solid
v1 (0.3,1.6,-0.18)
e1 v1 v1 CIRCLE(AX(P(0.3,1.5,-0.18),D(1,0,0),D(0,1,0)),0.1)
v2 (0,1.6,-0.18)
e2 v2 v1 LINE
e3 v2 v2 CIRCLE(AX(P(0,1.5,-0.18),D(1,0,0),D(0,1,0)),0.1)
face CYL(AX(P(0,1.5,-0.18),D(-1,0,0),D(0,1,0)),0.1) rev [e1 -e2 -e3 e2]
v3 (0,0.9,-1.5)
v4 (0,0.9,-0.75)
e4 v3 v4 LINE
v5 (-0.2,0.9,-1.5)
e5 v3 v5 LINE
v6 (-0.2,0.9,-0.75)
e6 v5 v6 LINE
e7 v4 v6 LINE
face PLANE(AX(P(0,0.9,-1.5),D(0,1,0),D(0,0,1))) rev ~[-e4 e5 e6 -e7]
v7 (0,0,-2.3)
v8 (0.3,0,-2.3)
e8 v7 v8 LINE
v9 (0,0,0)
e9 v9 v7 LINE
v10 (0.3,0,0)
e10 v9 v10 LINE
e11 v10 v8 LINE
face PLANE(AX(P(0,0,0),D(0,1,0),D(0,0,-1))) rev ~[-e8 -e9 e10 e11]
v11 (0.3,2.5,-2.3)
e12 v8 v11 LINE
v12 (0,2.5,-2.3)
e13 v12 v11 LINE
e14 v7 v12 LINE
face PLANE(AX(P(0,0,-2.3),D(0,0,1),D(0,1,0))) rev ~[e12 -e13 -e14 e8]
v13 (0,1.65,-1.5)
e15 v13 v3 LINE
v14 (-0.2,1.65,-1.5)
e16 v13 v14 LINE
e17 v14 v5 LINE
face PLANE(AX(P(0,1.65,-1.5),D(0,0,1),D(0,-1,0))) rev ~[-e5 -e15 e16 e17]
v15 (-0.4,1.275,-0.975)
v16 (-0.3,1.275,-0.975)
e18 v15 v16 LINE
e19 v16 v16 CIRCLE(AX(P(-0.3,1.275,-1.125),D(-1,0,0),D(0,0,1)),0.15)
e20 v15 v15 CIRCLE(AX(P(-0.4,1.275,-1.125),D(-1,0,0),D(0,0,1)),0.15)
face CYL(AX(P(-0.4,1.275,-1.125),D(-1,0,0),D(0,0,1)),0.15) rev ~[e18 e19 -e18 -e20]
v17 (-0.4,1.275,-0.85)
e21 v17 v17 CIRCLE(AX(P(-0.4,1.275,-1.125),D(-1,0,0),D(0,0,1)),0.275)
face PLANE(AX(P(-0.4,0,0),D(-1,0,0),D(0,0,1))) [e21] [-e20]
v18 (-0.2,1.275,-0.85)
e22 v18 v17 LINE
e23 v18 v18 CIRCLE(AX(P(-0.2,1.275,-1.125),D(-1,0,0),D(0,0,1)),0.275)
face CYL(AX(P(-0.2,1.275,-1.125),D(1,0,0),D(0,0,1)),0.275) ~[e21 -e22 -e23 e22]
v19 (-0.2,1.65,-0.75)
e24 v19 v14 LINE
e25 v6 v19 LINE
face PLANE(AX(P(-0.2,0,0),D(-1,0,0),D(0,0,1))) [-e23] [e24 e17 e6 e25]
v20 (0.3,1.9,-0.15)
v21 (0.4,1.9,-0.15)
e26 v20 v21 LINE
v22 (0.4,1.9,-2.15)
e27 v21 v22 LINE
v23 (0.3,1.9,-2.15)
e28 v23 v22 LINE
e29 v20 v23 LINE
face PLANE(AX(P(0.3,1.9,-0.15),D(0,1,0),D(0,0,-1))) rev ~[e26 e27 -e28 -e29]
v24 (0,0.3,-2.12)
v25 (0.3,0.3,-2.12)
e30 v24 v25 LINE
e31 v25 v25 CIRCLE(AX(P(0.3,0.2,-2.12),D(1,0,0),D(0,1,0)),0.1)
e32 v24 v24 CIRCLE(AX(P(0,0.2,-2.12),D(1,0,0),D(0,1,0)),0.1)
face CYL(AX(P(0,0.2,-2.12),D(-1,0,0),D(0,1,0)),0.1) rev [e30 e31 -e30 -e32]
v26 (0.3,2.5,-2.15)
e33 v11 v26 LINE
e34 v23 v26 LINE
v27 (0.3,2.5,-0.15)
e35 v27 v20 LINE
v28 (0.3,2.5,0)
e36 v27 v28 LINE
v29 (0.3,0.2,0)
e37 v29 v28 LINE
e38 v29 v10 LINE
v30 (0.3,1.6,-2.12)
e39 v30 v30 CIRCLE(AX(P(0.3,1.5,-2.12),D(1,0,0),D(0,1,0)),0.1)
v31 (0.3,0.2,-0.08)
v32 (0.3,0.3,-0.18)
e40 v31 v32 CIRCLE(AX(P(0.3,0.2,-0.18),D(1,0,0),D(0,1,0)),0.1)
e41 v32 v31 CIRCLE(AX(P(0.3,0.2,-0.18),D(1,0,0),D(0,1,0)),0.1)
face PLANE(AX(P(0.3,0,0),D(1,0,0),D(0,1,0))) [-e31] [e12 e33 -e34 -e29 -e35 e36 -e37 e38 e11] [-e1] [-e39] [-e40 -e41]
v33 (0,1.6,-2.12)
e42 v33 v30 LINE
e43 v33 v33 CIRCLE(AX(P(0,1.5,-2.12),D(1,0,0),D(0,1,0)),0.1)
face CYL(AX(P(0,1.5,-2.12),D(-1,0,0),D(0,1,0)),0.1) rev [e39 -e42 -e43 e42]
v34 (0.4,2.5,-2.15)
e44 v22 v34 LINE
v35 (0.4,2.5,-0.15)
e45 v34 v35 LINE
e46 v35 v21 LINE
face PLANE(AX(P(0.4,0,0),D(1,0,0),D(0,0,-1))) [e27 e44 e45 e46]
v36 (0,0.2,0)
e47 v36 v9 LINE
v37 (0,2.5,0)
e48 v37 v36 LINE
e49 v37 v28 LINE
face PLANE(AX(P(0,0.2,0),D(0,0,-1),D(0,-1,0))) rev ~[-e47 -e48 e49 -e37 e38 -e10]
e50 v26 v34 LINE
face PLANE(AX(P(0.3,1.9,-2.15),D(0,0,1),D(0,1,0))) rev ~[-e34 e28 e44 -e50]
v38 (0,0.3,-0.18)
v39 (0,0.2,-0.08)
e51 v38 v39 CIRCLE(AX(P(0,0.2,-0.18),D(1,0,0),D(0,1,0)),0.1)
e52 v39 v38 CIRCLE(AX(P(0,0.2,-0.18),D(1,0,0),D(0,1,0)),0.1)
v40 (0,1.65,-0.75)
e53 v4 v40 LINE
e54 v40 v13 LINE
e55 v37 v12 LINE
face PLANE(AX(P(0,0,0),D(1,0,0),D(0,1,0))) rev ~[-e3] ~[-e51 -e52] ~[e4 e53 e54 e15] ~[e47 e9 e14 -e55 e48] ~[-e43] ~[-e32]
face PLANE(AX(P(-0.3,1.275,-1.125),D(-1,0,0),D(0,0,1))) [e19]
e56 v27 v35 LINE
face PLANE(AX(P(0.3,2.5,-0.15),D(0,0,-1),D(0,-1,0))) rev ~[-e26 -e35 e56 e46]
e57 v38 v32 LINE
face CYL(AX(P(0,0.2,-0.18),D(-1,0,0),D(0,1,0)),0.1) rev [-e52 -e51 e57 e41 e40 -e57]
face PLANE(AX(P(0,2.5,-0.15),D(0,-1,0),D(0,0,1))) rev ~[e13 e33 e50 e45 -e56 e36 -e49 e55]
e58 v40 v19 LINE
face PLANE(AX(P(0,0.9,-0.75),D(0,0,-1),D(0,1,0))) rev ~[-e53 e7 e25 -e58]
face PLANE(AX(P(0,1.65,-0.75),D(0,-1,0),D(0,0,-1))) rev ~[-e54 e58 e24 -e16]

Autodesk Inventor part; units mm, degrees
ref_plane "YZ Plane" through (0, 0, 0) normal (1, 0, 0) x (0, 1, 0)
ref_plane "XZ Plane" through (0, 0, 0) normal (0, 1, 0) x (-1, 0, 0)
ref_plane "XY Plane" through (0, 0, 0) normal (0, 0, 1) x (1, 0, 0)
sketch "Boceto1" plane through (0, 0, 0) normal (1, 0, 0) x (0, 1, 0)
  line L0 (0, 0) -> (0, -2.3)
  line L1 (0, -2.3) -> (2.5, -2.3)
  line L2 (2.5, -2.3) -> (2.5, 0)
  line L3 (2.5, 0) -> (0, 0)
  line L4 (0, 0) -> (0.2, 0)
  line L5 (0.2, 0) -> (0.2, -0.18)
  circle A0 centre (0.2, -0.18) radius 0.1
  line L6 (0, 0) -> (1.5, 0)
  circle A1 centre (1.5, -0.18) radius 0.1
  circle A2 centre (0.2, -2.12) radius 0.1
  circle A3 centre (1.5, -2.12) radius 0.1
  line L7 (2.5, -0.15) -> (1.9, -0.15)
  line L8 (1.9, -0.15) -> (1.9, -2.15)
  line L9 (1.9, -2.15) -> (2.5, -2.15)
  dimension "d0" = 2.3
  dimension "d1" = 2.5
  dimension "d2" = 0.2
  dimension "d3" = 0.18
  dimension "d4" = 0.2
  dimension "d5" = 1.5
  dimension "d6" = 0.2
  dimension "d8" = 0.6
extrude "Extrusión1" add sketch "Boceto1" along normal blind 0.3
sketch "Boceto2" plane through (0.3, 0, 0) normal (1, 0, 0) x (0, 0, -1)
  line L0 (0, 0) -> (2.3, 0)
  line L1 (2.3, 0) -> (2.3, 2.5)
  line L2 (2.3, 2.5) -> (0, 2.5)
  line L3 (0, 2.5) -> (0, 0)
  line L4 (0, 0) -> (0, 0.2)
  line L5 (0, 0.2) -> (0.18, 0.2)
  circle A0 centre (0.18, 0.2) radius 0.1
  line L6 (0, 0) -> (0, 1.5)
  circle A1 centre (0.18, 1.5) radius 0.1
  circle A2 centre (2.12, 0.2) radius 0.1
  circle A3 centre (2.12, 1.5) radius 0.1
  line L7 (0.15, 2.5) -> (0.15, 1.9)
  line L8 (0.15, 1.9) -> (2.15, 1.9)
  line L9 (2.15, 1.9) -> (2.15, 2.5)
  line L10 (0, 0) -> (2.3, 0)
  line L11 (2.3, 0) -> (2.3, 2.5)
  line L12 (2.3, 2.5) -> (0, 2.5)
  line L13 (0, 2.5) -> (0, 0)
  line L14 (0, 0) -> (0, 0.2)
  line L15 (0, 0.2) -> (0.18, 0.2)
  circle A4 centre (0.18, 0.2) radius 0.1
  line L16 (0, 0) -> (0, 1.5)
  circle A5 centre (0.18, 1.5) radius 0.1
  circle A6 centre (2.12, 0.2) radius 0.1
  circle A7 centre (2.12, 1.5) radius 0.1
  line L17 (0.15, 2.5) -> (0.15, 1.9)
  line L18 (0.15, 1.9) -> (2.15, 1.9)
  line L19 (2.15, 1.9) -> (2.15, 2.5)
  dimension "d12" = 2.3
  dimension "d13" = 2.5
  dimension "d14" = 0.2
  dimension "d15" = 0.18
  dimension "d16" = 0.2
  dimension "d17" = 1.5
  dimension "d18" = 0.2
  dimension "d19" = 0.6
  dimension "d20" = 2.3
  dimension "d21" = 2.5
  dimension "d22" = 0.2
  dimension "d23" = 0.18
  dimension "d24" = 0.2
  dimension "d25" = 1.5
  dimension "d26" = 0.2
  dimension "d27" = 0.6
extrude "Extrusión2" add sketch "Boceto2" along normal blind 0.1 contours L9 L8 L7 L2
sketch "Boceto3" plane through (0, 0, 0) normal (-1, 0, 0) x (0, 0, 1)
  line L0 (0, 0) -> (-2.3, 0) projected
  line L1 (-2.3, 0) -> (-1.5, 0)
  line L2 (-1.5, 0) -> (-1.5, 0.9)
  line L3 (-1.5, 0.9) -> (-0.75, 0.9)
  line L4 (-0.75, 0.9) -> (-0.75, 1.65)
  line L5 (-0.75, 1.65) -> (-1.5, 1.65)
  line L6 (-1.5, 1.65) -> (-1.5, 0.9)
  circle A0 centre (-1.125, 1.275) radius 0.275
  dimension "d30" = 0.8
  dimension "d31" = 0.9
  dimension "d32" = 0.75
  dimension "d33" = 0.75
  dimension "d34" = 0.75
  dimension "d35" = 0.55
extrude "Extrusión3" add sketch "Boceto3" along normal blind 0.2 contours L6 L5 L4 L3 | A0
sketch "Boceto4" plane through (-0.2, 0, 0) normal (-1, 0, 0) x (0, 0, 1)
  line L0 (-1.5, 0) -> (-1.5, 0.9)
  line L1 (-1.5, 0.9) -> (-0.75, 0.9)
  line L2 (-0.75, 0.9) -> (-0.75, 1.65)
  line L3 (-0.75, 1.65) -> (-1.5, 1.65)
  line L4 (-1.5, 1.65) -> (-1.5, 0.9)
  circle A0 centre (-1.125, 1.275) radius 0.275
  point P0 (0, 0)
  dimension "d38" = 0.9
  dimension "d39" = 0.75
  dimension "d40" = 0.75
  dimension "d41" = 0.75
  dimension "d42" = 0.55
extrude "Extrusión4" add sketch "Boceto4" along normal blind 0.2 contours A0
sketch "Boceto5" plane through (-0.4, 1.275, -1.125) normal (-1, 0, 0) x (0, 0, 1)
  circle A0 centre (0, 0) radius 0.275 projected
  circle A1 centre (0, 0) radius 0.15
  point P0 (1.125, -1.275)
  dimension "d45" = 0.125
extrude "Extrusión5" cut sketch "Boceto5" against normal blind 0.1 contours A1
properties part number "camera"
